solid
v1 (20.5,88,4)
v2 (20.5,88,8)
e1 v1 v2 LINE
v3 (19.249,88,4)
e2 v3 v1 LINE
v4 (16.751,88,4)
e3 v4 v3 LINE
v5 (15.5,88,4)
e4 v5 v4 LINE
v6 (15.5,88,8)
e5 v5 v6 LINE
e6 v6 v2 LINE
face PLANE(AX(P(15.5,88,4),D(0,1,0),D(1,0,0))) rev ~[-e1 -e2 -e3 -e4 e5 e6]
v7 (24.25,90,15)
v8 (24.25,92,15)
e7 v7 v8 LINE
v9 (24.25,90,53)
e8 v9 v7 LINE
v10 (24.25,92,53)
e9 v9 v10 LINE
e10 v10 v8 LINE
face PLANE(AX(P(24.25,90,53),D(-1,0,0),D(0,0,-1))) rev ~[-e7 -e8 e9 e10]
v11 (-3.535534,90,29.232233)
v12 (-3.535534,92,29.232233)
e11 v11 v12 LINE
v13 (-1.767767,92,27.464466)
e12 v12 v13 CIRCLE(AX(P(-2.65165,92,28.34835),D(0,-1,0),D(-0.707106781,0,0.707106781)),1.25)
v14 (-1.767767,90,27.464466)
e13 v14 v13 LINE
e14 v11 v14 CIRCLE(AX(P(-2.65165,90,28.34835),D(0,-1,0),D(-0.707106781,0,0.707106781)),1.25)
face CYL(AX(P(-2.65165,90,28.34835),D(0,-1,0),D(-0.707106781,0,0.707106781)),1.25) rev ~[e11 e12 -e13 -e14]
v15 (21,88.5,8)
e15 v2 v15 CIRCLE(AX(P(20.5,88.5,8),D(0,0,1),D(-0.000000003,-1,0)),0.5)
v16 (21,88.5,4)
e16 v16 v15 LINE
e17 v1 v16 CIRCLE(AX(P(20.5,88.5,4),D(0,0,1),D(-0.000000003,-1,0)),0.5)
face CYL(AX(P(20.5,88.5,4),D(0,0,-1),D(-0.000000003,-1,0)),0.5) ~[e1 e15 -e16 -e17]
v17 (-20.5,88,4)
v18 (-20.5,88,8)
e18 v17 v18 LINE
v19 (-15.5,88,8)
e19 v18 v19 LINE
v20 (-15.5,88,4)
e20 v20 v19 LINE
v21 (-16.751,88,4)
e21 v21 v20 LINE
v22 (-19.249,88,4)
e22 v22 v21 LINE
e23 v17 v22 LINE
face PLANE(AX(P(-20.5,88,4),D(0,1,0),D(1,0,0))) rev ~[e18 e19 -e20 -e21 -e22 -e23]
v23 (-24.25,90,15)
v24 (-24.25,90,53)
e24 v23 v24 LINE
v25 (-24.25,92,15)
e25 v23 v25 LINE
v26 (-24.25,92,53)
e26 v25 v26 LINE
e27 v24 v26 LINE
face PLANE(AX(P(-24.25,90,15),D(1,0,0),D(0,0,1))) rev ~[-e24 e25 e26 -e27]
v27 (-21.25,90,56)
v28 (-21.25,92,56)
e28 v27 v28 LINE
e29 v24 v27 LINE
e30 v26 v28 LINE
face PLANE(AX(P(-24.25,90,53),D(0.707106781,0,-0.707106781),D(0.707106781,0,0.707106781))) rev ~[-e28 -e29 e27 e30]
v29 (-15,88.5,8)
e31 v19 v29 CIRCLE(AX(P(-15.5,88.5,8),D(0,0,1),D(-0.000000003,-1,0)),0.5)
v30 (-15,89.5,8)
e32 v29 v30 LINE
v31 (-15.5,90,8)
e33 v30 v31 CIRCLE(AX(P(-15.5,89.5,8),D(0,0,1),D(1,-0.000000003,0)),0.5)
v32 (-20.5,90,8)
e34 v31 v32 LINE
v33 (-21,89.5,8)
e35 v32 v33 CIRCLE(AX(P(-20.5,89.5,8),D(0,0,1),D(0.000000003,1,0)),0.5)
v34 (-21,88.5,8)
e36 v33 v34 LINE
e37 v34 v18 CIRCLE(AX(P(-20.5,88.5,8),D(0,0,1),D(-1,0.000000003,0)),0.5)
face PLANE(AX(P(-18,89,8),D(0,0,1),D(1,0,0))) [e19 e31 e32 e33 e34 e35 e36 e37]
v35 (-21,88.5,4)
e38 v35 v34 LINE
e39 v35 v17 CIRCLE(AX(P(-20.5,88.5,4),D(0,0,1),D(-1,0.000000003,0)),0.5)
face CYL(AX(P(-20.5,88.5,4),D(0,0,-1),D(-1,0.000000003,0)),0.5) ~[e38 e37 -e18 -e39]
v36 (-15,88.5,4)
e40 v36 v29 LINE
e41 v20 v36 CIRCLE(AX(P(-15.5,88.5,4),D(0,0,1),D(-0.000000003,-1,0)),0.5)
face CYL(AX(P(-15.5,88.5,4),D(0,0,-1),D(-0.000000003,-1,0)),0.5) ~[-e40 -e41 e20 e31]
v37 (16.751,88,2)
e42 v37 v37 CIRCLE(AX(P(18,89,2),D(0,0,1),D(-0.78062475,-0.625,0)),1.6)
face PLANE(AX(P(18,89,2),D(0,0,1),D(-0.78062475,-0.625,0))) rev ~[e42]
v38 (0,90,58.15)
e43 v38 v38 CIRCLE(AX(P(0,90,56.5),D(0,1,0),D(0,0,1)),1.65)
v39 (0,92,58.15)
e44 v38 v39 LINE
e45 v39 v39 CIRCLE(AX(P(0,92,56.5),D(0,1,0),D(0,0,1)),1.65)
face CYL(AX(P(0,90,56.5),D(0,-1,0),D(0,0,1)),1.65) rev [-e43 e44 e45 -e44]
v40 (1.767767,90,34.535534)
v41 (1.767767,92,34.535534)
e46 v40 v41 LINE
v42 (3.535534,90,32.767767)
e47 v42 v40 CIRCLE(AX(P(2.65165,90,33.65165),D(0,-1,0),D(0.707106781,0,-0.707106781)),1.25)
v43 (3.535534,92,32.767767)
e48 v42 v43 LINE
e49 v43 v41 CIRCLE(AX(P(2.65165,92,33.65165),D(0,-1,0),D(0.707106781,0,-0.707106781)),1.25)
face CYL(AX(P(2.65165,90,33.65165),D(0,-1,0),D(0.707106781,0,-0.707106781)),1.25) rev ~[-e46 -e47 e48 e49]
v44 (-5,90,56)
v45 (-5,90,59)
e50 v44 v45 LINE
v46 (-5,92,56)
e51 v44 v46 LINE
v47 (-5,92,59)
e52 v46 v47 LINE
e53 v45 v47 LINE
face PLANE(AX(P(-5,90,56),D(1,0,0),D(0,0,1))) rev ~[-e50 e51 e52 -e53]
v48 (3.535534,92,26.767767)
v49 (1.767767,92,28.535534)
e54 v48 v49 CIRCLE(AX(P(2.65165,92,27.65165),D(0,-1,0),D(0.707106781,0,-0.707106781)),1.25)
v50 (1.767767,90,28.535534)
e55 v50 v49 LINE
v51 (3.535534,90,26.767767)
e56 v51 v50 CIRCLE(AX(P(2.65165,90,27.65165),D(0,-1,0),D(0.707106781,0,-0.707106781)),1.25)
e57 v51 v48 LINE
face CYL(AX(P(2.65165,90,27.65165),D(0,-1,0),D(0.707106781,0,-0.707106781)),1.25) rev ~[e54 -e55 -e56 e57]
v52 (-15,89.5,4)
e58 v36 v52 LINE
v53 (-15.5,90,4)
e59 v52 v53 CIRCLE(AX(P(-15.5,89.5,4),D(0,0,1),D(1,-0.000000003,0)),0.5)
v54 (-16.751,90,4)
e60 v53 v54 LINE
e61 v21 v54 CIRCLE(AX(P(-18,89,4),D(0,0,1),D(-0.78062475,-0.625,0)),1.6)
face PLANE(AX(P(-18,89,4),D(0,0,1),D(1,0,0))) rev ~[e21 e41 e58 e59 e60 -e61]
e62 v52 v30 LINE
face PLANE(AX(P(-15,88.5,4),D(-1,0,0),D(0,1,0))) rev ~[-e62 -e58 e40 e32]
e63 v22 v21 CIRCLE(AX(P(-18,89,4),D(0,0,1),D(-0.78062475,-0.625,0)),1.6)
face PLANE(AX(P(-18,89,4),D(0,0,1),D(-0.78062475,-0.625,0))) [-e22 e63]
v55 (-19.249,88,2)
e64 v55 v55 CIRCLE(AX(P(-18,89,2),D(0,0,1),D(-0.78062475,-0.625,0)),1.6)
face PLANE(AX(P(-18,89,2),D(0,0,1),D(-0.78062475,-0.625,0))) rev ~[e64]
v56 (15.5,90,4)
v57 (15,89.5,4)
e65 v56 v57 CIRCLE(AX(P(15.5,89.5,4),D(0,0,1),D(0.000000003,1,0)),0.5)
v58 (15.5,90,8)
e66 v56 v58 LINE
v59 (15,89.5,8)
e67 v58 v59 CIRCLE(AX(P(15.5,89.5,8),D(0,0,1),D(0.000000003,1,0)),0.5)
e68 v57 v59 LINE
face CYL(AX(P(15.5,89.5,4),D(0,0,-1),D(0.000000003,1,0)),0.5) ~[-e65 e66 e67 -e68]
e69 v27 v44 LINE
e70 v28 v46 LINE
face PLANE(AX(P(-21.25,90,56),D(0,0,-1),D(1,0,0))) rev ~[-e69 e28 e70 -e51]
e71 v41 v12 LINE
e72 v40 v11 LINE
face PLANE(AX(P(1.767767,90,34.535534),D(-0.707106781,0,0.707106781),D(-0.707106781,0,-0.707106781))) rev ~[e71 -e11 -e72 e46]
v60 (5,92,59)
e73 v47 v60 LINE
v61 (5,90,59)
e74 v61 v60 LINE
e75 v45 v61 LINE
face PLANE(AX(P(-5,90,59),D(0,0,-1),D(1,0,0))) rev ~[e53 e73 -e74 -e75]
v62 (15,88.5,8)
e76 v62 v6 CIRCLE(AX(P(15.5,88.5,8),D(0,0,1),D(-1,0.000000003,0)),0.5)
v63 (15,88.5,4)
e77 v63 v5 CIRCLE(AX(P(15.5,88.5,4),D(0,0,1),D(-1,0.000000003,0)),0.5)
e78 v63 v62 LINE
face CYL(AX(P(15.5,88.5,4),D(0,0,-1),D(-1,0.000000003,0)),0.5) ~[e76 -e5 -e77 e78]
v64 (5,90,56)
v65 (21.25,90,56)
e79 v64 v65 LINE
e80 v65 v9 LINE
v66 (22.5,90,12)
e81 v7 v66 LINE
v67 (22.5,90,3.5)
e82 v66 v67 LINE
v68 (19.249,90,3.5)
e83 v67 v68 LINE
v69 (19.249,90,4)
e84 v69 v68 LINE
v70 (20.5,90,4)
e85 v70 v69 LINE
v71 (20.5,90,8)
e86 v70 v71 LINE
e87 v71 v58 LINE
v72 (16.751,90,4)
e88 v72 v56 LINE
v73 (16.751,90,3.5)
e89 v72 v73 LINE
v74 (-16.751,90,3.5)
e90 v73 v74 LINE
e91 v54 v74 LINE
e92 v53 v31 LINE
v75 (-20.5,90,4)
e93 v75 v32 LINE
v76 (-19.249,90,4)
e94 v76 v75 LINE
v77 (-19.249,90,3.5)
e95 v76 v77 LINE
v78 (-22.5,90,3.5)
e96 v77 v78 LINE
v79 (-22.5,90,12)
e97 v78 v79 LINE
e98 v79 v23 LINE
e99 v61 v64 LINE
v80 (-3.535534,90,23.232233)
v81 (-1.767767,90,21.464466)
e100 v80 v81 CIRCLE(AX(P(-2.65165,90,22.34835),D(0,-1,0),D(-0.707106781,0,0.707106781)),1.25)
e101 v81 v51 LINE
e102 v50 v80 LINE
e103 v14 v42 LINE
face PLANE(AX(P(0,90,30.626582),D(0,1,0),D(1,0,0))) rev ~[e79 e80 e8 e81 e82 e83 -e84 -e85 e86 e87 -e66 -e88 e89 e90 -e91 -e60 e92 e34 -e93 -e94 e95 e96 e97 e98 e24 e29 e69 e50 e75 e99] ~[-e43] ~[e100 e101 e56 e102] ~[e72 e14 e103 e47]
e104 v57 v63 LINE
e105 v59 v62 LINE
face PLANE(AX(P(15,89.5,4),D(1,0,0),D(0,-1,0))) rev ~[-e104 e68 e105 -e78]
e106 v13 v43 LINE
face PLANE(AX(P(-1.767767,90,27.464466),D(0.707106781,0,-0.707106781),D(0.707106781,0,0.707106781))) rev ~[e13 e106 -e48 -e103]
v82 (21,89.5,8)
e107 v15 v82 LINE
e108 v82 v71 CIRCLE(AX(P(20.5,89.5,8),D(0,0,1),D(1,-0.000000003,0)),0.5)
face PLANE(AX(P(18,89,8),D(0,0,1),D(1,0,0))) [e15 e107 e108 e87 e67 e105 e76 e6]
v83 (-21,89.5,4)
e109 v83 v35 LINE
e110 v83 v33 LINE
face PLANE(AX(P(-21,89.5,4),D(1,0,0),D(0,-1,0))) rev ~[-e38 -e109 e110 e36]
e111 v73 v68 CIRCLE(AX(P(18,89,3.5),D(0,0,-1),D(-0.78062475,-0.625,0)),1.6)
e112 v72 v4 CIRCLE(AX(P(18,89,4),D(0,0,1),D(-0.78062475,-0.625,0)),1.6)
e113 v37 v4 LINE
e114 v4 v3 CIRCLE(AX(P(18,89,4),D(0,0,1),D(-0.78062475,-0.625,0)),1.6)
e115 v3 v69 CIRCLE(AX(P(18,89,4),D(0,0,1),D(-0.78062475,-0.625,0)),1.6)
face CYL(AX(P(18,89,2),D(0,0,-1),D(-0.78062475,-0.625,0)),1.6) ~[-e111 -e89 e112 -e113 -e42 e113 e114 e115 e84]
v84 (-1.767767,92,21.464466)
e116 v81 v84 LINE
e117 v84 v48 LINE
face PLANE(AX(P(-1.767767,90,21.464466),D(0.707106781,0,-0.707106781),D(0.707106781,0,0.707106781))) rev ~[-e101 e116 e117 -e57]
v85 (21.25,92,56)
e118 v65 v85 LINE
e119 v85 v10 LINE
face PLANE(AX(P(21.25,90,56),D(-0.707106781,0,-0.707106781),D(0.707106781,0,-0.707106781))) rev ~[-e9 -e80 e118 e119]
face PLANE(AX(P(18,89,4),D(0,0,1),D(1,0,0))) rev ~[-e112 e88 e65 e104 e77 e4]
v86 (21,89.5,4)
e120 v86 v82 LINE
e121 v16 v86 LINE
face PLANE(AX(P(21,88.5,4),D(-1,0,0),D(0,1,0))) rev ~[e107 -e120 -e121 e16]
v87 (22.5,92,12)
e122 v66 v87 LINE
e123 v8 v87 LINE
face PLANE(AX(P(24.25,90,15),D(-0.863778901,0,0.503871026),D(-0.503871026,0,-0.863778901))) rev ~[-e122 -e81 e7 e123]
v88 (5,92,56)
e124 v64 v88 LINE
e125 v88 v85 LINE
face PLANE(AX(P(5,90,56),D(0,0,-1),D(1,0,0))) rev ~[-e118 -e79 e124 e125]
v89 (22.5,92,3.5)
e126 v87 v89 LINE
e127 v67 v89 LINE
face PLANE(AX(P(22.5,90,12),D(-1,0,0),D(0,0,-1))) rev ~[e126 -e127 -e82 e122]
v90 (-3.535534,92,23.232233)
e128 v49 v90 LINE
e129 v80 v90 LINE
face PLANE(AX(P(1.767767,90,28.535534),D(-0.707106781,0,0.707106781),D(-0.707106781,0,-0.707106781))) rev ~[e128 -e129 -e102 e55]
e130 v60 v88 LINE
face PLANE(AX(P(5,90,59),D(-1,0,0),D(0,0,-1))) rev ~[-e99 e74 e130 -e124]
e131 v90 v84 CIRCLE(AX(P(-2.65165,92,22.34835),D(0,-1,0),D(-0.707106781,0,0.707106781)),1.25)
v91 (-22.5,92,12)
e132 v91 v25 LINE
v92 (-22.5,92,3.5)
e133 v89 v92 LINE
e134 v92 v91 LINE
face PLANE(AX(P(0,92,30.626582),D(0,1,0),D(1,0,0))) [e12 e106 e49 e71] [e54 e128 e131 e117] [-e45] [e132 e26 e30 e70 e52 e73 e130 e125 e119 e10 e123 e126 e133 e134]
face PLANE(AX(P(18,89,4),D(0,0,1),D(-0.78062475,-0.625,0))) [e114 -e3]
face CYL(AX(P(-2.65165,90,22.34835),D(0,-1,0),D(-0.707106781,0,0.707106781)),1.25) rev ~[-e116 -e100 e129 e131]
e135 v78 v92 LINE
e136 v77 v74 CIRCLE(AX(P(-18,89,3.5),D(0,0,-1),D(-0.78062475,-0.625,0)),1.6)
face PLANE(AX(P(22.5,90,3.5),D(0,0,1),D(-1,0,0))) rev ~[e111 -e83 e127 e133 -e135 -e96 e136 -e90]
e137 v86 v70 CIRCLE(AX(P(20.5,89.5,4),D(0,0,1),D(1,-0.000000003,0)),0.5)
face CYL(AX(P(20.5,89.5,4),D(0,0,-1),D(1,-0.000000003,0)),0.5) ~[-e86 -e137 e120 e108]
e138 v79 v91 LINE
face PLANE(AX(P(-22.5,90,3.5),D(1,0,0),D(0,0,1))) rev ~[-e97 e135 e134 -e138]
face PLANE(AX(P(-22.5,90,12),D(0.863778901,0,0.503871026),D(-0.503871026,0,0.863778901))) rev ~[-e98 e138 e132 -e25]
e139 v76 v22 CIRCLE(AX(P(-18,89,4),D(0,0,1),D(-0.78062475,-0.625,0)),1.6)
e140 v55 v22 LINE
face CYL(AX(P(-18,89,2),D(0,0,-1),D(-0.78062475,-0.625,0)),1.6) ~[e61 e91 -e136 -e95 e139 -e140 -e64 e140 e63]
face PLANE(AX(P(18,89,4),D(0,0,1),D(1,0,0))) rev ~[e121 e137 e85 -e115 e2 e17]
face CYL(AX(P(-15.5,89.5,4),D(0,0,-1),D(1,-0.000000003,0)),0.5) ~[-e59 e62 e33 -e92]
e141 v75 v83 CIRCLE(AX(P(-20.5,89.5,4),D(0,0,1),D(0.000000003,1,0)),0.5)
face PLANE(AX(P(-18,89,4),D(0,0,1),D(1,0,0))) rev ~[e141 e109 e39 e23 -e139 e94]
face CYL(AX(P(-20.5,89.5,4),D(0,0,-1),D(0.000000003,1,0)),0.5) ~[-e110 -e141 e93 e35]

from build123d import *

# Parameters (mm, degrees)
EXTRUDE_START        = 90
SKETCH_1_R           = 1.65
EXTRUDE_262_DEPTH    = 2
EXTRUDE_START_2      = 4
EXTRUDE_1_DEPTH      = 4
D3P2_1_START         = 2
SKETCH_3_R           = 1.6
D3P2_1_DEPTH         = 2
EXTRUDE_1_2_DEPTH    = 4
SKETCH_5_R           = 1.6
D3P2_1_2_DEPTH       = 2
CUT_EXTRUDE_START    = 90
CUT_EXTRUDE_45_DEPTH = 2


with BuildPart() as part:
    # 草图1 → Extrude 262 (new body)
    with BuildSketch(Plane(origin=(0, 0, 0), x_dir=(1, 0, 0), z_dir=(0, 1, 0)).offset(EXTRUDE_START)):
        Polygon((-22.5, -3.5), (-22.5, -12), (-24.25, -15), (-24.25, -53), (-21.25, -56), (-5, -56), (-5, -59), (5, -59), (5, -56), (21.25, -56), (24.25, -53), (24.25, -15), (22.5, -12), (22.5, -3.5), align=None)
        with Locations(Location((0, -56.5, 0), (0, 0, 270))):
            Circle(SKETCH_1_R, mode=Mode.SUBTRACT)
    extrude(amount=EXTRUDE_262_DEPTH)

    # 草图2 → Extrude 1 (add)
    with BuildSketch(Plane.XY.offset(EXTRUDE_START_2)):
        with BuildLine():
            Line((-20.5, 88), (-15.5, 88))
            ThreePointArc((-15.5, 88), (-15.146446609, 88.146446609), (-15, 88.5))
            Line((-15, 88.5), (-15, 89.5))
            ThreePointArc((-15, 89.5), (-15.146446609, 89.853553391), (-15.5, 90))
            Line((-15.5, 90), (-20.5, 90))
            ThreePointArc((-20.5, 90), (-20.853553391, 89.853553391), (-21, 89.5))
            Line((-21, 89.5), (-21, 88.5))
            ThreePointArc((-21, 88.5), (-20.853553391, 88.146446609), (-20.5, 88))
        make_face()
    extrude(amount=EXTRUDE_1_DEPTH)

    # 草图3 → D3p2_-1 (add)
    with BuildSketch(Plane.XY.offset(D3P2_1_START)):
        with Locations(Location((-18, 89, 0), (0, 0, 218.682187453))):
            Circle(SKETCH_3_R)
    extrude(amount=D3P2_1_DEPTH)

    # 草图4 → Extrude 1 2 (add)
    with BuildSketch(Plane.XY.offset(EXTRUDE_START_2)):
        with BuildLine():
            Line((15.5, 88), (20.5, 88))
            ThreePointArc((20.5, 88), (20.853553391, 88.146446609), (21, 88.5))
            Line((21, 88.5), (21, 89.5))
            ThreePointArc((21, 89.5), (20.853553391, 89.853553391), (20.5, 90))
            Line((20.5, 90), (15.5, 90))
            ThreePointArc((15.5, 90), (15.146446609, 89.853553391), (15, 89.5))
            Line((15, 89.5), (15, 88.5))
            ThreePointArc((15, 88.5), (15.146446609, 88.146446609), (15.5, 88))
        make_face()
    extrude(amount=EXTRUDE_1_2_DEPTH)

    # 草图5 → D3p2_1 2 (add)
    with BuildSketch(Plane.XY.offset(D3P2_1_START)):
        with Locations(Location((18, 89, 0), (0, 0, 218.682187453))):
            Circle(SKETCH_5_R)
    extrude(amount=D3P2_1_2_DEPTH)

    # 草图6 → 后盖45度平行通气孔 (cut)
    with BuildSketch(Plane(origin=(0, 0, 0), x_dir=(1, 0, 0), z_dir=(0, 1, 0)).offset(CUT_EXTRUDE_START)):
        with BuildLine():
            Line((-1.767766953, -21.464466094), (3.535533906, -26.767766953))
            ThreePointArc((3.535533906, -26.767766953), (3.535533906, -28.535533906), (1.767766953, -28.535533906))
            Line((1.767766953, -28.535533906), (-3.535533906, -23.232233047))
            ThreePointArc((-3.535533906, -23.232233047), (-3.535533906, -21.464466094), (-1.767766953, -21.464466094))
        make_face()
        with BuildLine():
            Line((-1.767766953, -27.464466094), (3.535533906, -32.767766953))
            ThreePointArc((3.535533906, -32.767766953), (3.535533906, -34.535533906), (1.767766953, -34.535533906))
            Line((1.767766953, -34.535533906), (-3.535533906, -29.232233047))
            ThreePointArc((-3.535533906, -29.232233047), (-3.535533906, -27.464466094), (-1.767766953, -27.464466094))
        make_face()
    extrude(amount=CUT_EXTRUDE_45_DEPTH, mode=Mode.SUBTRACT)


solid = part.part
